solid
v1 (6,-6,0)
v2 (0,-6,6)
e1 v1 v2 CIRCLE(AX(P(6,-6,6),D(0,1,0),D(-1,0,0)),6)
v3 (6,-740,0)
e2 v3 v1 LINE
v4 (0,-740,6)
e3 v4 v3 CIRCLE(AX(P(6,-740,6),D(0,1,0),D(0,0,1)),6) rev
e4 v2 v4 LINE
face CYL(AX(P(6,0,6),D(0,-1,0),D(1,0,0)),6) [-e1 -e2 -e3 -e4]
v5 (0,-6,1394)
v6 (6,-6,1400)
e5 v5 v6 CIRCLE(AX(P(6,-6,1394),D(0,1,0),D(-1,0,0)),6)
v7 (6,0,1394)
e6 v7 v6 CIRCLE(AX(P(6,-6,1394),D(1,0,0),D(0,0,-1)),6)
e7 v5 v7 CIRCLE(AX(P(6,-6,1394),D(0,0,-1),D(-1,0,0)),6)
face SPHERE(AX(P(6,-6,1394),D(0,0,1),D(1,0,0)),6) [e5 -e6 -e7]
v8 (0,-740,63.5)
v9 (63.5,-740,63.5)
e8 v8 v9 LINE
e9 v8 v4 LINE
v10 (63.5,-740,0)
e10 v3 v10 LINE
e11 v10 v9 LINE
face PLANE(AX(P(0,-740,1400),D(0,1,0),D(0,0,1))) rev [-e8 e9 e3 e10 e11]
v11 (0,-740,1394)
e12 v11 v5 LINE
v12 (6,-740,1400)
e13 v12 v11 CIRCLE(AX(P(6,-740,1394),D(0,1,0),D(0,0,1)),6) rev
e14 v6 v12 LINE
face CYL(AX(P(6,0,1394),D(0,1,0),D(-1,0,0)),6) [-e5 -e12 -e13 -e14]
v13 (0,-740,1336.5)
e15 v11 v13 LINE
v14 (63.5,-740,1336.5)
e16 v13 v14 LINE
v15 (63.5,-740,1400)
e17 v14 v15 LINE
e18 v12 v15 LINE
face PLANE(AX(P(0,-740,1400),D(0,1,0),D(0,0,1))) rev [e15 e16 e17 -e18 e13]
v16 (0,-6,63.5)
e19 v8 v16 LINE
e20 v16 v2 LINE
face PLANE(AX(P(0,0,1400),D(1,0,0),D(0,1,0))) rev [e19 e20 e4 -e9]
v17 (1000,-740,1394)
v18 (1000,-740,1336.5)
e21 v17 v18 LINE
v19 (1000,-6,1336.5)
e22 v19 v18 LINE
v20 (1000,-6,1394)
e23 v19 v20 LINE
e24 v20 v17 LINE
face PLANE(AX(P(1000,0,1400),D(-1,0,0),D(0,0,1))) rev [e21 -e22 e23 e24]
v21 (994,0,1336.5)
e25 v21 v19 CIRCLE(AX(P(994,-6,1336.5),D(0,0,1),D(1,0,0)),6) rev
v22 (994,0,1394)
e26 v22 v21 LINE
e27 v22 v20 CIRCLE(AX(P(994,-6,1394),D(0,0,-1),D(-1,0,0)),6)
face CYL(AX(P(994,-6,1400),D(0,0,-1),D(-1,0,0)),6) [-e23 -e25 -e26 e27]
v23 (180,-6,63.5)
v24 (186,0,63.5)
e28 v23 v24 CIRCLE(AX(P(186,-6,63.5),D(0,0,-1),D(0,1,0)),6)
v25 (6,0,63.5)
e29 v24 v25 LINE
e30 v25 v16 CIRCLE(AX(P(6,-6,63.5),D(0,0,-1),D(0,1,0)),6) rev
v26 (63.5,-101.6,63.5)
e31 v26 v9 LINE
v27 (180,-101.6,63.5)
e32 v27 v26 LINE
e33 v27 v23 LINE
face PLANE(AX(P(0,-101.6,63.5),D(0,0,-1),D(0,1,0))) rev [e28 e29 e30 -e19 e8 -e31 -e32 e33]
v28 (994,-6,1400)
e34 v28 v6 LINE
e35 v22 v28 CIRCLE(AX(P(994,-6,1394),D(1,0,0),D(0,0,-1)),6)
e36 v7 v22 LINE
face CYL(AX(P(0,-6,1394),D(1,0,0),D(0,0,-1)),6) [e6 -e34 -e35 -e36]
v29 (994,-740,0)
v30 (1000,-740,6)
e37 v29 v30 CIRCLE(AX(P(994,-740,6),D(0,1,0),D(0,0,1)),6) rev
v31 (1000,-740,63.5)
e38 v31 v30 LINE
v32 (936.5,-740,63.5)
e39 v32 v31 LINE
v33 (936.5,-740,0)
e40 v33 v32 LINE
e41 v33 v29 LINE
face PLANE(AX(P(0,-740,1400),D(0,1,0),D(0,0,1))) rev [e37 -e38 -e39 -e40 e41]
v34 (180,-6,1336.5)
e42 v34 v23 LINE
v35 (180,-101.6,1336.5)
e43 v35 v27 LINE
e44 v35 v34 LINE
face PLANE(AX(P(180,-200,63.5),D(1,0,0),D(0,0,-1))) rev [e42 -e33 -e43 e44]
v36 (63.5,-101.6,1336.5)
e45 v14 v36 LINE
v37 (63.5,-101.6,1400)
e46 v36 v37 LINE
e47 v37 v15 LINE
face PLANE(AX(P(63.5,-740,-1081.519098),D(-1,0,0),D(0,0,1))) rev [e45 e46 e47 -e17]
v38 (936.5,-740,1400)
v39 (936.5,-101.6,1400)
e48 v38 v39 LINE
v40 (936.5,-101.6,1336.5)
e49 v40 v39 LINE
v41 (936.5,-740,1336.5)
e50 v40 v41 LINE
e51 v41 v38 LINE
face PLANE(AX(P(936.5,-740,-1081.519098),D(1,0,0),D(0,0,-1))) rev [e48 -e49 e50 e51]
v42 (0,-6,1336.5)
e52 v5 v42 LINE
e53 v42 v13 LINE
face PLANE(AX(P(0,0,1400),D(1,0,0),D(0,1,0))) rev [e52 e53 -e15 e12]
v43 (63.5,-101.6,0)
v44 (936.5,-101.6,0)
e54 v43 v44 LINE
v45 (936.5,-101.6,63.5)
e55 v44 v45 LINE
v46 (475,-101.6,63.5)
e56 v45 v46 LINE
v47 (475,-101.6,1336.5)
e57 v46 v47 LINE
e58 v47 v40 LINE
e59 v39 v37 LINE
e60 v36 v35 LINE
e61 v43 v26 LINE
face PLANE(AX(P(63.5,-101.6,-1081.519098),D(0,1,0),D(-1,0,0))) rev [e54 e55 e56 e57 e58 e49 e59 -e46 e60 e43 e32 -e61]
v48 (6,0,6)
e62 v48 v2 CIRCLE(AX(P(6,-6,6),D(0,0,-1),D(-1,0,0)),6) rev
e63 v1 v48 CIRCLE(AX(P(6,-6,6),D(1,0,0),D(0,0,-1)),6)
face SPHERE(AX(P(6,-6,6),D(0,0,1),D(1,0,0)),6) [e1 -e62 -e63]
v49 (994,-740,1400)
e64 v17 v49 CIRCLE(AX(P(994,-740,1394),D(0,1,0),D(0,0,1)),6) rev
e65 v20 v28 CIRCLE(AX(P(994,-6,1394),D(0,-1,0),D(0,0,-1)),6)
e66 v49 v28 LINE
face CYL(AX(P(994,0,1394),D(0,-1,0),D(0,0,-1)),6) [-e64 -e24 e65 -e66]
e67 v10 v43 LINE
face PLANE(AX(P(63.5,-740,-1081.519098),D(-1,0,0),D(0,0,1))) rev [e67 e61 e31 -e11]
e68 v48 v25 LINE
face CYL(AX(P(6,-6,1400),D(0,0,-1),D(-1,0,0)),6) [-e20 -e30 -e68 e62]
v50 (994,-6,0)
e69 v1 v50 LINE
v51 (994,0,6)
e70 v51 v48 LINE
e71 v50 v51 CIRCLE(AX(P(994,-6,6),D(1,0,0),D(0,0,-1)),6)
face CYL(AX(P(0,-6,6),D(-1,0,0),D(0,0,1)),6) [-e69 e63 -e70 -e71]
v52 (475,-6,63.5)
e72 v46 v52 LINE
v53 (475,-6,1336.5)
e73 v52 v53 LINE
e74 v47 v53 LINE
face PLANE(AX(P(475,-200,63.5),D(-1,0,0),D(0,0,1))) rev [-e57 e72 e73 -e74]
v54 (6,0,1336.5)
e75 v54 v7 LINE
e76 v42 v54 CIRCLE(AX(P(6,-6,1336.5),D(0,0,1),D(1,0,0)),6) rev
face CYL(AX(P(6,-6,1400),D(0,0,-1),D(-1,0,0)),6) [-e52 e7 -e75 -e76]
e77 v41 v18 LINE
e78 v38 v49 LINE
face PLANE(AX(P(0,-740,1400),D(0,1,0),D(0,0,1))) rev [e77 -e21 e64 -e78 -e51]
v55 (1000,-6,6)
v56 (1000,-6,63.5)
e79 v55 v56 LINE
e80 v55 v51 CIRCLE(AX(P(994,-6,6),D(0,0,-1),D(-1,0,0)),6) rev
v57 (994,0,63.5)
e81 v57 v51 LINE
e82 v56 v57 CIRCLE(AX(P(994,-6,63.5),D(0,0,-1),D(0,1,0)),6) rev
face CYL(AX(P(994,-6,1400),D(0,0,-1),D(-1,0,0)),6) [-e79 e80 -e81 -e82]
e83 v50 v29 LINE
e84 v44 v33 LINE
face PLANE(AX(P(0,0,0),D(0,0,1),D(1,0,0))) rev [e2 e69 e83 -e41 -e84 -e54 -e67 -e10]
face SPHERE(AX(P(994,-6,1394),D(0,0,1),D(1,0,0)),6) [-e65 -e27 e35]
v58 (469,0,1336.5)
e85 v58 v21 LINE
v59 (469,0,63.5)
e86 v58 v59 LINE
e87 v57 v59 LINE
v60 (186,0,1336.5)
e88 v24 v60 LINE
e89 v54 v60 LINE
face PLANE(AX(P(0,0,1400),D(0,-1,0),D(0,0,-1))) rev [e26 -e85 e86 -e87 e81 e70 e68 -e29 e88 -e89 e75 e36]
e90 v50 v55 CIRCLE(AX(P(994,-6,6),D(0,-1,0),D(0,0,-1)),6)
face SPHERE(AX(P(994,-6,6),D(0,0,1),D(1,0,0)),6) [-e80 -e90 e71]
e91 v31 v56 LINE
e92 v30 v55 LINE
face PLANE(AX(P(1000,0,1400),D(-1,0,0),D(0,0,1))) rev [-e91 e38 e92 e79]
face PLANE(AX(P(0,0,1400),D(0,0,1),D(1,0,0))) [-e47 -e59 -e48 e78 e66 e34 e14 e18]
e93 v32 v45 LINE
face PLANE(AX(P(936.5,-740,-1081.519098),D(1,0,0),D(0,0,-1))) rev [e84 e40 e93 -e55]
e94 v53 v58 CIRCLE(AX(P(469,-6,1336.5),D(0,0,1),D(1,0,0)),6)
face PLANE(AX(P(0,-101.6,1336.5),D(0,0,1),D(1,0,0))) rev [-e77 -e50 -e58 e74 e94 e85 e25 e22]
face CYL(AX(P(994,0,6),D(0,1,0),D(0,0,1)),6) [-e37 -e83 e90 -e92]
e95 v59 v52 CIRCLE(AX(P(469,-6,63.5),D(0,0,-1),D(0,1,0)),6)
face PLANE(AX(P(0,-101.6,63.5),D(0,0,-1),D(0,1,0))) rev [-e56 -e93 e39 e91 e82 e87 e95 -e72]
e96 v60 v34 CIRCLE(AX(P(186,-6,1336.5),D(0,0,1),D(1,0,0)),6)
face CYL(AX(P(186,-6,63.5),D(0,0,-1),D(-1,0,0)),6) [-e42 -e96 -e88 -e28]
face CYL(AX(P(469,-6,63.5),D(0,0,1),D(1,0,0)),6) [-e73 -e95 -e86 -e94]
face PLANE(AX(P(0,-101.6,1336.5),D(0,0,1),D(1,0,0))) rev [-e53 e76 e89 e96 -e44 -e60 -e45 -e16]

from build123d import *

# Parameters (mm, degrees)
CROQUIS1_W              = 1000
CROQUIS1_H              = 740
SALIENTE_EXTRUIR1_DEPTH = 1400
CROQUIS2_W              = 873
CROQUIS2_H              = 638.4
CORTAR_EXTRUIR1_DEPTH   = 1400
CROQUIS3_W              = 1273
CROQUIS3_H              = 638.4
CORTAR_EXTRUIR2_DEPTH   = 1000
CROQUIS4_W              = 180
CROQUIS4_H              = 1273
CROQUIS4_W_2            = 525
CORTAR_EXTRUIR3_DEPTH   = 200
REDONDEO1_R             = 6
REDONDEO2_R             = 6
REDONDEO4_R             = 6


with BuildPart() as part:
    # Croquis1 → Saliente-Extruir1 (new body)
    with BuildSketch(Plane.XY):
        with Locations((500, -370)):
            Rectangle(CROQUIS1_W, CROQUIS1_H)
    extrude(amount=SALIENTE_EXTRUIR1_DEPTH)

    # Croquis2 → Cortar-Extruir1 (cut)
    with BuildSketch(Plane.XY.offset(1400)):
        with Locations((500, -420.8)):
            Rectangle(CROQUIS2_W, CROQUIS2_H)
    extrude(amount=-CORTAR_EXTRUIR1_DEPTH, mode=Mode.SUBTRACT)

    # Croquis3 → Cortar-Extruir2 (cut)
    with BuildSketch(Plane(origin=(1000, 0, 0), x_dir=(0, 0, -1), z_dir=(1, 0, 0))):
        with Locations((-700, -420.8)):
            Rectangle(CROQUIS3_W, CROQUIS3_H)
    extrude(amount=-CORTAR_EXTRUIR2_DEPTH, mode=Mode.SUBTRACT)

    # Croquis4 → Cortar-Extruir3 (cut)
    with BuildSketch(Plane(origin=(0, 0, 0), x_dir=(1, 0, 0), z_dir=(0, 1, 0))):
        with Locations((90, -700)):
            Rectangle(CROQUIS4_W, CROQUIS4_H)
        with Locations((737.5, -700)):
            Rectangle(CROQUIS4_W_2, CROQUIS4_H)
    extrude(amount=-CORTAR_EXTRUIR3_DEPTH, mode=Mode.SUBTRACT)

    # Redondeo1
    redondeo1_edges = [part.edges().sort_by_distance(p)[0] for p in [
        (0, 0, 31.75),
        (0, 0, 1368.25),
        (1000, 0, 1368.25),
        (1000, 0, 31.75),
    ]]
    fillet(redondeo1_edges, radius=REDONDEO1_R)

    # Redondeo2
    redondeo2_edges = [part.edges().sort_by_distance(p)[0] for p in [
        (180, 0, 700),
        (475, 0, 700),
    ]]
    fillet(redondeo2_edges, radius=REDONDEO2_R)

    # Redondeo4
    redondeo4_edges = [part.edges().sort_by_distance(p)[0] for p in [
        (1000, -373, 1400),
        (0, -373, 1400),
        (500, 0, 0),
        (500, 0, 1400),
        (998.242640687, -1.757359313, 1400),
        (1.757359313, -1.757359313, 1400),
        (0, -373, 0),
        (998.242640687, -1.757359313, 0),
        (1.757359313, -1.757359313, 0),
        (1000, -373, 0),
    ]]
    fillet(redondeo4_edges, radius=REDONDEO4_R)


solid = part.part
